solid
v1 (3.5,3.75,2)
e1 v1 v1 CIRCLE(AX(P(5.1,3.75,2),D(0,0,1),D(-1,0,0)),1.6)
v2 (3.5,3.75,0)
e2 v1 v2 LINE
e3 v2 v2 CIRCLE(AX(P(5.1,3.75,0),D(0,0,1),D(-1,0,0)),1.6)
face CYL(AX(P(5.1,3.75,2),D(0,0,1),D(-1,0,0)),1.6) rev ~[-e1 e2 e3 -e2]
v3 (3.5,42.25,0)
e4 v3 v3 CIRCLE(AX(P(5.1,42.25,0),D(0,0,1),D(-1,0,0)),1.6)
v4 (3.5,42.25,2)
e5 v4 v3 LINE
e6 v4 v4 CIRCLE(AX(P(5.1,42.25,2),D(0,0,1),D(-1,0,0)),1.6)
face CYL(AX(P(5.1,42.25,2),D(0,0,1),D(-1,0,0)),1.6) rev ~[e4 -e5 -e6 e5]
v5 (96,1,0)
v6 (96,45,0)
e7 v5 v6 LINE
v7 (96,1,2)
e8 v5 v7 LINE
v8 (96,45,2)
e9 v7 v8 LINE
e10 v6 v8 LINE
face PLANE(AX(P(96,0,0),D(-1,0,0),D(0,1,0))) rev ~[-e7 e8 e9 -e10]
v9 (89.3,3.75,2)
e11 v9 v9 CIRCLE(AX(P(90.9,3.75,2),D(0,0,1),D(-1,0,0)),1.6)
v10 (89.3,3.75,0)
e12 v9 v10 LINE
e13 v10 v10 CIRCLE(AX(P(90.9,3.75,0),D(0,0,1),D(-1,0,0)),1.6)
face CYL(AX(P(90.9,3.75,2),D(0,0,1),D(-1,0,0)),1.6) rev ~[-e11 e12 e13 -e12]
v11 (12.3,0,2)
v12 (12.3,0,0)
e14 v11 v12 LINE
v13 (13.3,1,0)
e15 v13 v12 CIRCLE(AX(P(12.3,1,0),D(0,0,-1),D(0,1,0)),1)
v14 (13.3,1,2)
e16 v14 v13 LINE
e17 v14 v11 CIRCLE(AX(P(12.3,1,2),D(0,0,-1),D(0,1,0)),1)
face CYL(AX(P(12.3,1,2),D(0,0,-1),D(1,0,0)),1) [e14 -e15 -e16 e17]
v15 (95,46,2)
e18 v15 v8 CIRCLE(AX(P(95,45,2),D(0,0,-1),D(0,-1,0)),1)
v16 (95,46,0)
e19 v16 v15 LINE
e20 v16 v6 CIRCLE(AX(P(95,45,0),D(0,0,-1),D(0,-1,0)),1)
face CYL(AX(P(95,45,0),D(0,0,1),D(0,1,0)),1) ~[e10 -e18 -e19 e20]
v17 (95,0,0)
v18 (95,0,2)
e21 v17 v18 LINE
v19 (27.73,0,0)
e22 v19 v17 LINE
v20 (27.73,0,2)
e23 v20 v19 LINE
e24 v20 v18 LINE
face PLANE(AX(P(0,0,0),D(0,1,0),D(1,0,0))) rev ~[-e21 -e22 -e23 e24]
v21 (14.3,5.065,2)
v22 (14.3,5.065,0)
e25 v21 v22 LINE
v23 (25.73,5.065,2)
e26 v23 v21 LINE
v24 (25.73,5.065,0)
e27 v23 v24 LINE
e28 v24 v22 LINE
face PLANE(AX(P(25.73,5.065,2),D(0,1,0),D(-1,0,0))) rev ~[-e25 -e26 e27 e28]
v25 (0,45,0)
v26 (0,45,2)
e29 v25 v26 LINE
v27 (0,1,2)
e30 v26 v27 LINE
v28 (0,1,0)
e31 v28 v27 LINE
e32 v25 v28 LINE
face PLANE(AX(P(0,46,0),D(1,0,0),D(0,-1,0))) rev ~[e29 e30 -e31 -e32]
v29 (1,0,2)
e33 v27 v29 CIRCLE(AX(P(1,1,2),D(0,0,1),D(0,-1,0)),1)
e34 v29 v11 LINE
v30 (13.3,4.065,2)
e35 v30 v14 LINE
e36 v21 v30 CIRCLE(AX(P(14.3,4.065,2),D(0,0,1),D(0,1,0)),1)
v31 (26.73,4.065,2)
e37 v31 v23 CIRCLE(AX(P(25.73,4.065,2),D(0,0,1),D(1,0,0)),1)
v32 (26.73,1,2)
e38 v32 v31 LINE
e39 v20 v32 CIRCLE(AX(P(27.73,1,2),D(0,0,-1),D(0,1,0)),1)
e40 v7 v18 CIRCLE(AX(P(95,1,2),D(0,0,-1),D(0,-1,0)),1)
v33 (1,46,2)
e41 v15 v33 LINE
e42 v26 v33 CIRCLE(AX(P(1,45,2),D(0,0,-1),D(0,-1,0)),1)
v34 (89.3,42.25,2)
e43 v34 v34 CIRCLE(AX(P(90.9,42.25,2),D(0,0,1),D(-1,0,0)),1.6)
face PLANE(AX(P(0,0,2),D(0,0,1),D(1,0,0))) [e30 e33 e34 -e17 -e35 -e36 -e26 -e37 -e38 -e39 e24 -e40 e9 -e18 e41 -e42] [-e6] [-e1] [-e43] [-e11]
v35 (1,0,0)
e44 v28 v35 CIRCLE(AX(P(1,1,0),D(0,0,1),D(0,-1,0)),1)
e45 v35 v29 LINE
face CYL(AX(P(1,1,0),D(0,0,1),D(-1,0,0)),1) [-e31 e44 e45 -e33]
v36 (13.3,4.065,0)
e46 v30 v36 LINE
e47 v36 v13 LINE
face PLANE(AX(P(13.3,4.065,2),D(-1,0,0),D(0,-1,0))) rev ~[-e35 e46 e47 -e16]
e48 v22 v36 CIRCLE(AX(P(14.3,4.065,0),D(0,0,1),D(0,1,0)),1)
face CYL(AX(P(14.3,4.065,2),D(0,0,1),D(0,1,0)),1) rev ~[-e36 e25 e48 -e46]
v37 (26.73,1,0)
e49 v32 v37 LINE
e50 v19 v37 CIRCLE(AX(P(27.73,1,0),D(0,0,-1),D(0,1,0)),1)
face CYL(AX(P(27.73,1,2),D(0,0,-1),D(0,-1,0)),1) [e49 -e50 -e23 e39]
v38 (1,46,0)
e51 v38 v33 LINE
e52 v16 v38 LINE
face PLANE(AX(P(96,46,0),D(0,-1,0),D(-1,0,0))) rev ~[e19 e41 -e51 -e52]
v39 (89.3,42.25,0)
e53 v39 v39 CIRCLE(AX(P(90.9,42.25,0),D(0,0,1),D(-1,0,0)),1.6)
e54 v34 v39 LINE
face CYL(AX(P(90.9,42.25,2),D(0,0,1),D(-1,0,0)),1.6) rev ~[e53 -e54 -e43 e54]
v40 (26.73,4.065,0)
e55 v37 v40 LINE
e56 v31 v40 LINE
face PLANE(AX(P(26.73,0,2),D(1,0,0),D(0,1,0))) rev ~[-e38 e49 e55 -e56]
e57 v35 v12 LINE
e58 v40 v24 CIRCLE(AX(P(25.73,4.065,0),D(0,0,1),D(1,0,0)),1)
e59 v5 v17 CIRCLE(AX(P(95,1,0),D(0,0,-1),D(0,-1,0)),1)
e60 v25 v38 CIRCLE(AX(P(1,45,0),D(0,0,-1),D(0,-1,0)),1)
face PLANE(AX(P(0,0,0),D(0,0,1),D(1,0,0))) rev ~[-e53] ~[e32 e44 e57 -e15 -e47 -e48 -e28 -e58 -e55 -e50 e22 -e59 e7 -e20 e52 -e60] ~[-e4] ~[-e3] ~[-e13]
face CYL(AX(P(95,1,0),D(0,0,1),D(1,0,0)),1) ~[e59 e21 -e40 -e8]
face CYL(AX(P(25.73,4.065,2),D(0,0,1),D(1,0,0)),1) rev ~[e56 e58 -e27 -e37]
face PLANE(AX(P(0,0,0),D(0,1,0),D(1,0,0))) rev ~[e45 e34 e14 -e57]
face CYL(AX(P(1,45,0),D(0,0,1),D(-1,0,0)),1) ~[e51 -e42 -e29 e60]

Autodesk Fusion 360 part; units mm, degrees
sketch "Sketch1" plane through (0, 0, 0) normal (0, 0, 1) x (1, 0, 0)
  line L0 (0, 0) -> (96, 0)
  line L1 (96, 0) -> (96, 46)
  line L2 (96, 46) -> (0, 46)
  line L3 (0, 46) -> (0, 0)
  dimension "d1" = 96
  dimension "d2" = 46
extrude "Extrude1" add sketch "Sketch1" along normal blind 2
fillet "Fillet1" radius 1 4 edges at (96, 0, 1) (96, 46, 1) (0, 0, 1) (0, 46, 1)
sketch "Sketch2" plane through (0, 0, 2) normal (0, 0, 1) x (-1, 0, 0)
  arc A0 (-1, -46) -> (0, -45) centre (-1, -45) ccw
  line L0 (0, -45) -> (0, -1)
  arc A1 (0, -1) -> (-1, 0) centre (-1, -1) ccw
  line L1 (-1, 0) -> (-95, 0)
  arc A2 (-95, 0) -> (-96, -1) centre (-95, -1) ccw
  line L2 (-96, -1) -> (-96, -45)
  arc A3 (-96, -45) -> (-95, -46) centre (-95, -45) ccw
  line L3 (-95, -46) -> (-1, -46)
  line L4 (-13.3, 0) -> (-26.73, 0)
  line L5 (-26.73, 0) -> (-26.73, -4.065)
  line L6 (-25.73, -5.065) -> (-14.3, -5.065)
  line L7 (-13.3, -4.065) -> (-13.3, 0)
  arc A4 (-14.3, -5.065) -> (-13.3, -4.065) centre (-14.3, -4.065) ccw
  arc A5 (-26.73, -4.065) -> (-25.73, -5.065) centre (-25.73, -4.065) ccw
  point P0 (-13.3, -5.065)
  dimension "d7" = 13.43
  dimension "d8" = 5.065
  dimension "d9" = 13.3
  dimension "d10" = 5.065
  dimension "d11" = 1
  dimension "d12" = 1
extrude "Extrude2" cut sketch "Sketch2" against normal blind 2 contours L1 L4 L5 L6 L7 A4 A5
fillet "Fillet4" radius 1 2 edges at (13.3, 0, 1) (26.73, 0, 1)
sketch "Sketch5" plane through (0, 0, 2) normal (0, 0, 1) x (-1, 0, 0)
  arc A0 (-26.73, -1) -> (-27.73, 0) centre (-27.73, -1) ccw
  line L0 (-27.73, 0) -> (-95, 0)
  arc A1 (-95, 0) -> (-96, -1) centre (-95, -1) ccw
  line L1 (-96, -1) -> (-96, -45)
  arc A2 (-96, -45) -> (-95, -46) centre (-95, -45) ccw
  line L2 (-95, -46) -> (-1, -46)
  arc A3 (-1, -46) -> (0, -45) centre (-1, -45) ccw
  line L3 (0, -45) -> (0, -1)
  arc A4 (0, -1) -> (-1, 0) centre (-1, -1) ccw
  line L4 (-1, 0) -> (-12.3, 0)
  arc A5 (-12.3, 0) -> (-13.3, -1) centre (-12.3, -1) ccw
  line L5 (-13.3, -1) -> (-13.3, -4.065)
  arc A6 (-14.3, -5.065) -> (-13.3, -4.065) centre (-14.3, -4.065) ccw
  line L6 (-14.3, -5.065) -> (-25.73, -5.065)
  arc A7 (-26.73, -4.065) -> (-25.73, -5.065) centre (-25.73, -4.065) ccw
  line L7 (-26.73, -4.065) -> (-26.73, -1)
  circle A8 centre (-5.1, -3.75) radius 1.6
  circle A9 centre (-5.1, -42.25) radius 1.6
  circle A10 centre (-90.9, -3.75) radius 1.6
  circle A11 centre (-90.9, -42.25) radius 1.6
  dimension "d33" = 3.2
  dimension "d34" = 3.75
  dimension "d35" = 5.1
  dimension "d36" = 3.2
  dimension "d37" = 3.75
  dimension "d38" = 5.1
  dimension "d39" = 3.2
  dimension "d40" = 5.1
  dimension "d41" = 3.75
  dimension "d42" = 3.2
  dimension "d43" = 3.75
  dimension "d44" = 5.1
extrude "Extrude5" cut sketch "Sketch5" against normal blind 2 contours A8 | A9 | A10 | A11
equation "d8 = 4.69 mm - 0.375 mm + 0.75 mm"
equation "d10 = 4.69 mm - 0.375 mm + 0.75 mm"
